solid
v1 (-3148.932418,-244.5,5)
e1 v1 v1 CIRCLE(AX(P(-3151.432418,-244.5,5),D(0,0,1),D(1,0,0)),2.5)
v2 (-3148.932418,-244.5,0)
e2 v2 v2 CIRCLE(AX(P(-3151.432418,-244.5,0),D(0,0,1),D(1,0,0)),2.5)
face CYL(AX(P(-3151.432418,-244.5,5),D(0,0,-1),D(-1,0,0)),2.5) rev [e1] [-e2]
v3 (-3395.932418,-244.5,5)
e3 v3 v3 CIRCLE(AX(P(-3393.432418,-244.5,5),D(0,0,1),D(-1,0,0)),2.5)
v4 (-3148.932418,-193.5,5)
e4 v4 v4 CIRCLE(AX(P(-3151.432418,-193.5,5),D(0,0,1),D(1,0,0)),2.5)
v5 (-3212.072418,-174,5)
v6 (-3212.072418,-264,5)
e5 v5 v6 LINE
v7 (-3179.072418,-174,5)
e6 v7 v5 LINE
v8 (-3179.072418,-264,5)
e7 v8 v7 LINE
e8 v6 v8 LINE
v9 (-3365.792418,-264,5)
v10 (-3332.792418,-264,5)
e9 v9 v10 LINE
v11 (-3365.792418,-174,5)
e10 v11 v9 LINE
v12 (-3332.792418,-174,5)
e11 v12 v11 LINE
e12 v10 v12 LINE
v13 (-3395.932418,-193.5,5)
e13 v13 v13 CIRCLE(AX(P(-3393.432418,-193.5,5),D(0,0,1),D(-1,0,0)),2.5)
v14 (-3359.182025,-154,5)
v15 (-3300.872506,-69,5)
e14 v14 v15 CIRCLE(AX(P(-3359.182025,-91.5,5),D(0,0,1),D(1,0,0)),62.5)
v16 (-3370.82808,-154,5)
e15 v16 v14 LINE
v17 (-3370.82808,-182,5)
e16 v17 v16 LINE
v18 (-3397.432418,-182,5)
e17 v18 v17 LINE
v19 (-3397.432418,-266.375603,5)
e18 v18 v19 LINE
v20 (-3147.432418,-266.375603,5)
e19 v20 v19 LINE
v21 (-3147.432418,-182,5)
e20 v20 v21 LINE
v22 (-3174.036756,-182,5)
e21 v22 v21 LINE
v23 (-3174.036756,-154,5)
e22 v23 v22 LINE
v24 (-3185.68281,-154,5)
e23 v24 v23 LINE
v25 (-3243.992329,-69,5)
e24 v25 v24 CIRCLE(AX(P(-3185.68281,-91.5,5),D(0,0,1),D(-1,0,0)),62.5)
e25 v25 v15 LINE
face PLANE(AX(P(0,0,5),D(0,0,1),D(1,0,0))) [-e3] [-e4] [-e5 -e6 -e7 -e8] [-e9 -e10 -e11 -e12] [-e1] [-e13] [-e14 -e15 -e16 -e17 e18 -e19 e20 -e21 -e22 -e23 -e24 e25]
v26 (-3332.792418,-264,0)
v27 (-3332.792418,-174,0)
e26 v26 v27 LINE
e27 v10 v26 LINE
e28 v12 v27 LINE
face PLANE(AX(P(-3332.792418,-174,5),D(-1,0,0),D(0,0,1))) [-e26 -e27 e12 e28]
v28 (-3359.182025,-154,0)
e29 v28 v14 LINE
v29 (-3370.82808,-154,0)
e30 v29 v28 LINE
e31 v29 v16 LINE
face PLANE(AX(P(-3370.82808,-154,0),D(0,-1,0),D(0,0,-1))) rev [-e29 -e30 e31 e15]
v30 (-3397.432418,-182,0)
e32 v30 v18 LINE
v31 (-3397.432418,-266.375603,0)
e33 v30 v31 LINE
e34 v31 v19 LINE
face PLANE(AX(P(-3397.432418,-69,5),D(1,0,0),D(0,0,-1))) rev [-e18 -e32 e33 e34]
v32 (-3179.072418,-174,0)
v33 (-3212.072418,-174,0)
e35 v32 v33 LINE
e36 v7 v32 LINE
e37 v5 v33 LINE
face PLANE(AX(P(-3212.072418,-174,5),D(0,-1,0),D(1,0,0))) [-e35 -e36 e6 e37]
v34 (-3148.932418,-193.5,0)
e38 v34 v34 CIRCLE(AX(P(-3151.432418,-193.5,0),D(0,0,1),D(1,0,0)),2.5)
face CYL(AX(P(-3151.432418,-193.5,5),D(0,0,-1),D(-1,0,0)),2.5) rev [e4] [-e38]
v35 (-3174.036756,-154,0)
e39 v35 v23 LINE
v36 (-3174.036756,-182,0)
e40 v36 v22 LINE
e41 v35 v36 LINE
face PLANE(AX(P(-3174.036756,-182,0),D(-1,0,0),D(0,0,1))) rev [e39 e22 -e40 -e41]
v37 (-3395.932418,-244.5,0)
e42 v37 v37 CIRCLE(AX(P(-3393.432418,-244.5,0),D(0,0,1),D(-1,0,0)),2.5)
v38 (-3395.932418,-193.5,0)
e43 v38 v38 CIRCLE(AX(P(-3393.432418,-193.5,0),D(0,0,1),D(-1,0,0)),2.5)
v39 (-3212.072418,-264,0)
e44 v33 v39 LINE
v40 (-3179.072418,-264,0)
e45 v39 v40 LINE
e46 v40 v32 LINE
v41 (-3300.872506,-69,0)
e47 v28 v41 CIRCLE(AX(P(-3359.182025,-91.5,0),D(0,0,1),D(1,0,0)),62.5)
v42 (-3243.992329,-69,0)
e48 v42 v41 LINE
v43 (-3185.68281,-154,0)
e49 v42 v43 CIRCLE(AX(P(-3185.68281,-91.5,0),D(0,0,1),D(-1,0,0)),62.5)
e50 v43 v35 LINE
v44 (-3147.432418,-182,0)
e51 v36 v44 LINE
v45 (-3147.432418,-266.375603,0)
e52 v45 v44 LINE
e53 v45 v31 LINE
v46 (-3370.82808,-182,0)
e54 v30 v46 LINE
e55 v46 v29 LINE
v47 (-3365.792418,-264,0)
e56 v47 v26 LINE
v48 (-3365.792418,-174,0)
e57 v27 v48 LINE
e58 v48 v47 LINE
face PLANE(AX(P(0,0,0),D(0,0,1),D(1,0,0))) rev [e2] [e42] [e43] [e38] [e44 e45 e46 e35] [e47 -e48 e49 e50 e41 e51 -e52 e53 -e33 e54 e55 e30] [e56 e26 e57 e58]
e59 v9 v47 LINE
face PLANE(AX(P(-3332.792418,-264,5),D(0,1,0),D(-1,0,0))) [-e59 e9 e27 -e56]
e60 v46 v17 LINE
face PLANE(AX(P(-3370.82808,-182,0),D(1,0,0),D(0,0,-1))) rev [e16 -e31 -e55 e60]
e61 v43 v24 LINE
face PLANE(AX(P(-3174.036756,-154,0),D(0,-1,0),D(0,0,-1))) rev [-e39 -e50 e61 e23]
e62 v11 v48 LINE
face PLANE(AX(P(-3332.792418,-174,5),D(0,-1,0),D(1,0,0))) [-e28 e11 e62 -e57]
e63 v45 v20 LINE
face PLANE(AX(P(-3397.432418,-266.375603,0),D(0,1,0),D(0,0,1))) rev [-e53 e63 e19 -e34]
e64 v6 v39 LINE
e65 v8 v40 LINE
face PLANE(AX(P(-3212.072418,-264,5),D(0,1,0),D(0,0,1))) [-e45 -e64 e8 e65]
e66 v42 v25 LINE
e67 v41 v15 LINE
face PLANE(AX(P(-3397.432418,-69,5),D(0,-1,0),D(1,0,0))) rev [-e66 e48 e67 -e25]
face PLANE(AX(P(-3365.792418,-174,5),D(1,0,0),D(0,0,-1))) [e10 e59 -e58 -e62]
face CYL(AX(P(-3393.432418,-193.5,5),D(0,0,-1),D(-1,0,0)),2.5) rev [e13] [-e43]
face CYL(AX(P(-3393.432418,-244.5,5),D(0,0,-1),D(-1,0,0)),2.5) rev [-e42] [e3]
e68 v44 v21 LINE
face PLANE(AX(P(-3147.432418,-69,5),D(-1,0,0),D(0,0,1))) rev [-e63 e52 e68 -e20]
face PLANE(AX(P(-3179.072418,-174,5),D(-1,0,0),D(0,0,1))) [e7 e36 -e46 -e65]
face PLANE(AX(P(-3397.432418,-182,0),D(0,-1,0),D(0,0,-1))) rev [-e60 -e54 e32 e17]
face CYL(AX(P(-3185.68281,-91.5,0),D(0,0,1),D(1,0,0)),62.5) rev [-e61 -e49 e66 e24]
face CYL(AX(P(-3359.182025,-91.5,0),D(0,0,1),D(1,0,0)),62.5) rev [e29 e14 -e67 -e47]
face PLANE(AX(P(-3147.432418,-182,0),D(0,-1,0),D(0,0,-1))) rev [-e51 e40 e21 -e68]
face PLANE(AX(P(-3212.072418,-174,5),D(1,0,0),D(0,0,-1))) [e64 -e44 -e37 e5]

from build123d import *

# Parameters (mm, degrees)
SKETCH1_W           = 250
SKETCH1_H           = 267.4
SKETCH1_R           = 2.5
SKETCH1_W_2         = 33
SKETCH1_H_2         = 90
BOSS_EXTRUDE1_DEPTH = 5
SKETCH6_W           = 250
SKETCH6_H           = 70.024397165
CUT_EXTRUDE4_DEPTH  = 6


with BuildPart() as part:
    # Sketch1 → Boss-Extrude1 (new body)
    with BuildSketch(Plane.XY):
        with Locations((-3272.432417868, -202.7)):
            Rectangle(SKETCH1_W, SKETCH1_H)
        with Locations((-3151.432417868, -193.5)):
            Circle(SKETCH1_R, mode=Mode.SUBTRACT)
        with Locations((-3151.432417868, -244.5)):
            Circle(SKETCH1_R, mode=Mode.SUBTRACT)
        with Locations((-3393.432417868, -244.5)):
            Circle(SKETCH1_R, mode=Mode.SUBTRACT)
        with Locations((-3393.432417868, -193.5)):
            Circle(SKETCH1_R, mode=Mode.SUBTRACT)
        with Locations((-3195.572417868, -219)):
            Rectangle(SKETCH1_W_2, SKETCH1_H_2, mode=Mode.SUBTRACT)
        with Locations((-3349.292417868, -219)):
            Rectangle(SKETCH1_W_2, SKETCH1_H_2, mode=Mode.SUBTRACT)
    extrude(amount=BOSS_EXTRUDE1_DEPTH)

    # Sketch6 → Cut-Extrude4 (cut, through all)
    with BuildSketch(Plane.XY.offset(5)):
        with BuildLine():
            Line((-3243.992329325, -69), (-3147.432417868, -69))
            Line((-3147.432417868, -69), (-3147.432417868, -182))
            Line((-3147.432417868, -182), (-3174.036756226, -182))
            Line((-3174.036756226, -182), (-3174.036756226, -154))
            Line((-3174.036756226, -154), (-3185.682810376, -154))
            ThreePointArc((-3185.682810376, -154), (-3237.221630697, -126.855339059), (-3243.992329325, -69))
        make_face()
        with Locations((-3272.432417868, -301.387801417)):
            Rectangle(SKETCH6_W, SKETCH6_H)
        with BuildLine():
            Line((-3300.872506412, -69), (-3397.432417868, -69))
            Line((-3397.432417868, -69), (-3397.432417868, -182))
            Line((-3397.432417868, -182), (-3370.82807951, -182))
            Line((-3370.82807951, -182), (-3370.82807951, -154))
            Line((-3370.82807951, -154), (-3359.18202536, -154))
            ThreePointArc((-3359.18202536, -154), (-3307.64320504, -126.855339059), (-3300.872506412, -69))
        make_face()
    extrude(amount=-CUT_EXTRUDE4_DEPTH, mode=Mode.SUBTRACT)


solid = part.part
